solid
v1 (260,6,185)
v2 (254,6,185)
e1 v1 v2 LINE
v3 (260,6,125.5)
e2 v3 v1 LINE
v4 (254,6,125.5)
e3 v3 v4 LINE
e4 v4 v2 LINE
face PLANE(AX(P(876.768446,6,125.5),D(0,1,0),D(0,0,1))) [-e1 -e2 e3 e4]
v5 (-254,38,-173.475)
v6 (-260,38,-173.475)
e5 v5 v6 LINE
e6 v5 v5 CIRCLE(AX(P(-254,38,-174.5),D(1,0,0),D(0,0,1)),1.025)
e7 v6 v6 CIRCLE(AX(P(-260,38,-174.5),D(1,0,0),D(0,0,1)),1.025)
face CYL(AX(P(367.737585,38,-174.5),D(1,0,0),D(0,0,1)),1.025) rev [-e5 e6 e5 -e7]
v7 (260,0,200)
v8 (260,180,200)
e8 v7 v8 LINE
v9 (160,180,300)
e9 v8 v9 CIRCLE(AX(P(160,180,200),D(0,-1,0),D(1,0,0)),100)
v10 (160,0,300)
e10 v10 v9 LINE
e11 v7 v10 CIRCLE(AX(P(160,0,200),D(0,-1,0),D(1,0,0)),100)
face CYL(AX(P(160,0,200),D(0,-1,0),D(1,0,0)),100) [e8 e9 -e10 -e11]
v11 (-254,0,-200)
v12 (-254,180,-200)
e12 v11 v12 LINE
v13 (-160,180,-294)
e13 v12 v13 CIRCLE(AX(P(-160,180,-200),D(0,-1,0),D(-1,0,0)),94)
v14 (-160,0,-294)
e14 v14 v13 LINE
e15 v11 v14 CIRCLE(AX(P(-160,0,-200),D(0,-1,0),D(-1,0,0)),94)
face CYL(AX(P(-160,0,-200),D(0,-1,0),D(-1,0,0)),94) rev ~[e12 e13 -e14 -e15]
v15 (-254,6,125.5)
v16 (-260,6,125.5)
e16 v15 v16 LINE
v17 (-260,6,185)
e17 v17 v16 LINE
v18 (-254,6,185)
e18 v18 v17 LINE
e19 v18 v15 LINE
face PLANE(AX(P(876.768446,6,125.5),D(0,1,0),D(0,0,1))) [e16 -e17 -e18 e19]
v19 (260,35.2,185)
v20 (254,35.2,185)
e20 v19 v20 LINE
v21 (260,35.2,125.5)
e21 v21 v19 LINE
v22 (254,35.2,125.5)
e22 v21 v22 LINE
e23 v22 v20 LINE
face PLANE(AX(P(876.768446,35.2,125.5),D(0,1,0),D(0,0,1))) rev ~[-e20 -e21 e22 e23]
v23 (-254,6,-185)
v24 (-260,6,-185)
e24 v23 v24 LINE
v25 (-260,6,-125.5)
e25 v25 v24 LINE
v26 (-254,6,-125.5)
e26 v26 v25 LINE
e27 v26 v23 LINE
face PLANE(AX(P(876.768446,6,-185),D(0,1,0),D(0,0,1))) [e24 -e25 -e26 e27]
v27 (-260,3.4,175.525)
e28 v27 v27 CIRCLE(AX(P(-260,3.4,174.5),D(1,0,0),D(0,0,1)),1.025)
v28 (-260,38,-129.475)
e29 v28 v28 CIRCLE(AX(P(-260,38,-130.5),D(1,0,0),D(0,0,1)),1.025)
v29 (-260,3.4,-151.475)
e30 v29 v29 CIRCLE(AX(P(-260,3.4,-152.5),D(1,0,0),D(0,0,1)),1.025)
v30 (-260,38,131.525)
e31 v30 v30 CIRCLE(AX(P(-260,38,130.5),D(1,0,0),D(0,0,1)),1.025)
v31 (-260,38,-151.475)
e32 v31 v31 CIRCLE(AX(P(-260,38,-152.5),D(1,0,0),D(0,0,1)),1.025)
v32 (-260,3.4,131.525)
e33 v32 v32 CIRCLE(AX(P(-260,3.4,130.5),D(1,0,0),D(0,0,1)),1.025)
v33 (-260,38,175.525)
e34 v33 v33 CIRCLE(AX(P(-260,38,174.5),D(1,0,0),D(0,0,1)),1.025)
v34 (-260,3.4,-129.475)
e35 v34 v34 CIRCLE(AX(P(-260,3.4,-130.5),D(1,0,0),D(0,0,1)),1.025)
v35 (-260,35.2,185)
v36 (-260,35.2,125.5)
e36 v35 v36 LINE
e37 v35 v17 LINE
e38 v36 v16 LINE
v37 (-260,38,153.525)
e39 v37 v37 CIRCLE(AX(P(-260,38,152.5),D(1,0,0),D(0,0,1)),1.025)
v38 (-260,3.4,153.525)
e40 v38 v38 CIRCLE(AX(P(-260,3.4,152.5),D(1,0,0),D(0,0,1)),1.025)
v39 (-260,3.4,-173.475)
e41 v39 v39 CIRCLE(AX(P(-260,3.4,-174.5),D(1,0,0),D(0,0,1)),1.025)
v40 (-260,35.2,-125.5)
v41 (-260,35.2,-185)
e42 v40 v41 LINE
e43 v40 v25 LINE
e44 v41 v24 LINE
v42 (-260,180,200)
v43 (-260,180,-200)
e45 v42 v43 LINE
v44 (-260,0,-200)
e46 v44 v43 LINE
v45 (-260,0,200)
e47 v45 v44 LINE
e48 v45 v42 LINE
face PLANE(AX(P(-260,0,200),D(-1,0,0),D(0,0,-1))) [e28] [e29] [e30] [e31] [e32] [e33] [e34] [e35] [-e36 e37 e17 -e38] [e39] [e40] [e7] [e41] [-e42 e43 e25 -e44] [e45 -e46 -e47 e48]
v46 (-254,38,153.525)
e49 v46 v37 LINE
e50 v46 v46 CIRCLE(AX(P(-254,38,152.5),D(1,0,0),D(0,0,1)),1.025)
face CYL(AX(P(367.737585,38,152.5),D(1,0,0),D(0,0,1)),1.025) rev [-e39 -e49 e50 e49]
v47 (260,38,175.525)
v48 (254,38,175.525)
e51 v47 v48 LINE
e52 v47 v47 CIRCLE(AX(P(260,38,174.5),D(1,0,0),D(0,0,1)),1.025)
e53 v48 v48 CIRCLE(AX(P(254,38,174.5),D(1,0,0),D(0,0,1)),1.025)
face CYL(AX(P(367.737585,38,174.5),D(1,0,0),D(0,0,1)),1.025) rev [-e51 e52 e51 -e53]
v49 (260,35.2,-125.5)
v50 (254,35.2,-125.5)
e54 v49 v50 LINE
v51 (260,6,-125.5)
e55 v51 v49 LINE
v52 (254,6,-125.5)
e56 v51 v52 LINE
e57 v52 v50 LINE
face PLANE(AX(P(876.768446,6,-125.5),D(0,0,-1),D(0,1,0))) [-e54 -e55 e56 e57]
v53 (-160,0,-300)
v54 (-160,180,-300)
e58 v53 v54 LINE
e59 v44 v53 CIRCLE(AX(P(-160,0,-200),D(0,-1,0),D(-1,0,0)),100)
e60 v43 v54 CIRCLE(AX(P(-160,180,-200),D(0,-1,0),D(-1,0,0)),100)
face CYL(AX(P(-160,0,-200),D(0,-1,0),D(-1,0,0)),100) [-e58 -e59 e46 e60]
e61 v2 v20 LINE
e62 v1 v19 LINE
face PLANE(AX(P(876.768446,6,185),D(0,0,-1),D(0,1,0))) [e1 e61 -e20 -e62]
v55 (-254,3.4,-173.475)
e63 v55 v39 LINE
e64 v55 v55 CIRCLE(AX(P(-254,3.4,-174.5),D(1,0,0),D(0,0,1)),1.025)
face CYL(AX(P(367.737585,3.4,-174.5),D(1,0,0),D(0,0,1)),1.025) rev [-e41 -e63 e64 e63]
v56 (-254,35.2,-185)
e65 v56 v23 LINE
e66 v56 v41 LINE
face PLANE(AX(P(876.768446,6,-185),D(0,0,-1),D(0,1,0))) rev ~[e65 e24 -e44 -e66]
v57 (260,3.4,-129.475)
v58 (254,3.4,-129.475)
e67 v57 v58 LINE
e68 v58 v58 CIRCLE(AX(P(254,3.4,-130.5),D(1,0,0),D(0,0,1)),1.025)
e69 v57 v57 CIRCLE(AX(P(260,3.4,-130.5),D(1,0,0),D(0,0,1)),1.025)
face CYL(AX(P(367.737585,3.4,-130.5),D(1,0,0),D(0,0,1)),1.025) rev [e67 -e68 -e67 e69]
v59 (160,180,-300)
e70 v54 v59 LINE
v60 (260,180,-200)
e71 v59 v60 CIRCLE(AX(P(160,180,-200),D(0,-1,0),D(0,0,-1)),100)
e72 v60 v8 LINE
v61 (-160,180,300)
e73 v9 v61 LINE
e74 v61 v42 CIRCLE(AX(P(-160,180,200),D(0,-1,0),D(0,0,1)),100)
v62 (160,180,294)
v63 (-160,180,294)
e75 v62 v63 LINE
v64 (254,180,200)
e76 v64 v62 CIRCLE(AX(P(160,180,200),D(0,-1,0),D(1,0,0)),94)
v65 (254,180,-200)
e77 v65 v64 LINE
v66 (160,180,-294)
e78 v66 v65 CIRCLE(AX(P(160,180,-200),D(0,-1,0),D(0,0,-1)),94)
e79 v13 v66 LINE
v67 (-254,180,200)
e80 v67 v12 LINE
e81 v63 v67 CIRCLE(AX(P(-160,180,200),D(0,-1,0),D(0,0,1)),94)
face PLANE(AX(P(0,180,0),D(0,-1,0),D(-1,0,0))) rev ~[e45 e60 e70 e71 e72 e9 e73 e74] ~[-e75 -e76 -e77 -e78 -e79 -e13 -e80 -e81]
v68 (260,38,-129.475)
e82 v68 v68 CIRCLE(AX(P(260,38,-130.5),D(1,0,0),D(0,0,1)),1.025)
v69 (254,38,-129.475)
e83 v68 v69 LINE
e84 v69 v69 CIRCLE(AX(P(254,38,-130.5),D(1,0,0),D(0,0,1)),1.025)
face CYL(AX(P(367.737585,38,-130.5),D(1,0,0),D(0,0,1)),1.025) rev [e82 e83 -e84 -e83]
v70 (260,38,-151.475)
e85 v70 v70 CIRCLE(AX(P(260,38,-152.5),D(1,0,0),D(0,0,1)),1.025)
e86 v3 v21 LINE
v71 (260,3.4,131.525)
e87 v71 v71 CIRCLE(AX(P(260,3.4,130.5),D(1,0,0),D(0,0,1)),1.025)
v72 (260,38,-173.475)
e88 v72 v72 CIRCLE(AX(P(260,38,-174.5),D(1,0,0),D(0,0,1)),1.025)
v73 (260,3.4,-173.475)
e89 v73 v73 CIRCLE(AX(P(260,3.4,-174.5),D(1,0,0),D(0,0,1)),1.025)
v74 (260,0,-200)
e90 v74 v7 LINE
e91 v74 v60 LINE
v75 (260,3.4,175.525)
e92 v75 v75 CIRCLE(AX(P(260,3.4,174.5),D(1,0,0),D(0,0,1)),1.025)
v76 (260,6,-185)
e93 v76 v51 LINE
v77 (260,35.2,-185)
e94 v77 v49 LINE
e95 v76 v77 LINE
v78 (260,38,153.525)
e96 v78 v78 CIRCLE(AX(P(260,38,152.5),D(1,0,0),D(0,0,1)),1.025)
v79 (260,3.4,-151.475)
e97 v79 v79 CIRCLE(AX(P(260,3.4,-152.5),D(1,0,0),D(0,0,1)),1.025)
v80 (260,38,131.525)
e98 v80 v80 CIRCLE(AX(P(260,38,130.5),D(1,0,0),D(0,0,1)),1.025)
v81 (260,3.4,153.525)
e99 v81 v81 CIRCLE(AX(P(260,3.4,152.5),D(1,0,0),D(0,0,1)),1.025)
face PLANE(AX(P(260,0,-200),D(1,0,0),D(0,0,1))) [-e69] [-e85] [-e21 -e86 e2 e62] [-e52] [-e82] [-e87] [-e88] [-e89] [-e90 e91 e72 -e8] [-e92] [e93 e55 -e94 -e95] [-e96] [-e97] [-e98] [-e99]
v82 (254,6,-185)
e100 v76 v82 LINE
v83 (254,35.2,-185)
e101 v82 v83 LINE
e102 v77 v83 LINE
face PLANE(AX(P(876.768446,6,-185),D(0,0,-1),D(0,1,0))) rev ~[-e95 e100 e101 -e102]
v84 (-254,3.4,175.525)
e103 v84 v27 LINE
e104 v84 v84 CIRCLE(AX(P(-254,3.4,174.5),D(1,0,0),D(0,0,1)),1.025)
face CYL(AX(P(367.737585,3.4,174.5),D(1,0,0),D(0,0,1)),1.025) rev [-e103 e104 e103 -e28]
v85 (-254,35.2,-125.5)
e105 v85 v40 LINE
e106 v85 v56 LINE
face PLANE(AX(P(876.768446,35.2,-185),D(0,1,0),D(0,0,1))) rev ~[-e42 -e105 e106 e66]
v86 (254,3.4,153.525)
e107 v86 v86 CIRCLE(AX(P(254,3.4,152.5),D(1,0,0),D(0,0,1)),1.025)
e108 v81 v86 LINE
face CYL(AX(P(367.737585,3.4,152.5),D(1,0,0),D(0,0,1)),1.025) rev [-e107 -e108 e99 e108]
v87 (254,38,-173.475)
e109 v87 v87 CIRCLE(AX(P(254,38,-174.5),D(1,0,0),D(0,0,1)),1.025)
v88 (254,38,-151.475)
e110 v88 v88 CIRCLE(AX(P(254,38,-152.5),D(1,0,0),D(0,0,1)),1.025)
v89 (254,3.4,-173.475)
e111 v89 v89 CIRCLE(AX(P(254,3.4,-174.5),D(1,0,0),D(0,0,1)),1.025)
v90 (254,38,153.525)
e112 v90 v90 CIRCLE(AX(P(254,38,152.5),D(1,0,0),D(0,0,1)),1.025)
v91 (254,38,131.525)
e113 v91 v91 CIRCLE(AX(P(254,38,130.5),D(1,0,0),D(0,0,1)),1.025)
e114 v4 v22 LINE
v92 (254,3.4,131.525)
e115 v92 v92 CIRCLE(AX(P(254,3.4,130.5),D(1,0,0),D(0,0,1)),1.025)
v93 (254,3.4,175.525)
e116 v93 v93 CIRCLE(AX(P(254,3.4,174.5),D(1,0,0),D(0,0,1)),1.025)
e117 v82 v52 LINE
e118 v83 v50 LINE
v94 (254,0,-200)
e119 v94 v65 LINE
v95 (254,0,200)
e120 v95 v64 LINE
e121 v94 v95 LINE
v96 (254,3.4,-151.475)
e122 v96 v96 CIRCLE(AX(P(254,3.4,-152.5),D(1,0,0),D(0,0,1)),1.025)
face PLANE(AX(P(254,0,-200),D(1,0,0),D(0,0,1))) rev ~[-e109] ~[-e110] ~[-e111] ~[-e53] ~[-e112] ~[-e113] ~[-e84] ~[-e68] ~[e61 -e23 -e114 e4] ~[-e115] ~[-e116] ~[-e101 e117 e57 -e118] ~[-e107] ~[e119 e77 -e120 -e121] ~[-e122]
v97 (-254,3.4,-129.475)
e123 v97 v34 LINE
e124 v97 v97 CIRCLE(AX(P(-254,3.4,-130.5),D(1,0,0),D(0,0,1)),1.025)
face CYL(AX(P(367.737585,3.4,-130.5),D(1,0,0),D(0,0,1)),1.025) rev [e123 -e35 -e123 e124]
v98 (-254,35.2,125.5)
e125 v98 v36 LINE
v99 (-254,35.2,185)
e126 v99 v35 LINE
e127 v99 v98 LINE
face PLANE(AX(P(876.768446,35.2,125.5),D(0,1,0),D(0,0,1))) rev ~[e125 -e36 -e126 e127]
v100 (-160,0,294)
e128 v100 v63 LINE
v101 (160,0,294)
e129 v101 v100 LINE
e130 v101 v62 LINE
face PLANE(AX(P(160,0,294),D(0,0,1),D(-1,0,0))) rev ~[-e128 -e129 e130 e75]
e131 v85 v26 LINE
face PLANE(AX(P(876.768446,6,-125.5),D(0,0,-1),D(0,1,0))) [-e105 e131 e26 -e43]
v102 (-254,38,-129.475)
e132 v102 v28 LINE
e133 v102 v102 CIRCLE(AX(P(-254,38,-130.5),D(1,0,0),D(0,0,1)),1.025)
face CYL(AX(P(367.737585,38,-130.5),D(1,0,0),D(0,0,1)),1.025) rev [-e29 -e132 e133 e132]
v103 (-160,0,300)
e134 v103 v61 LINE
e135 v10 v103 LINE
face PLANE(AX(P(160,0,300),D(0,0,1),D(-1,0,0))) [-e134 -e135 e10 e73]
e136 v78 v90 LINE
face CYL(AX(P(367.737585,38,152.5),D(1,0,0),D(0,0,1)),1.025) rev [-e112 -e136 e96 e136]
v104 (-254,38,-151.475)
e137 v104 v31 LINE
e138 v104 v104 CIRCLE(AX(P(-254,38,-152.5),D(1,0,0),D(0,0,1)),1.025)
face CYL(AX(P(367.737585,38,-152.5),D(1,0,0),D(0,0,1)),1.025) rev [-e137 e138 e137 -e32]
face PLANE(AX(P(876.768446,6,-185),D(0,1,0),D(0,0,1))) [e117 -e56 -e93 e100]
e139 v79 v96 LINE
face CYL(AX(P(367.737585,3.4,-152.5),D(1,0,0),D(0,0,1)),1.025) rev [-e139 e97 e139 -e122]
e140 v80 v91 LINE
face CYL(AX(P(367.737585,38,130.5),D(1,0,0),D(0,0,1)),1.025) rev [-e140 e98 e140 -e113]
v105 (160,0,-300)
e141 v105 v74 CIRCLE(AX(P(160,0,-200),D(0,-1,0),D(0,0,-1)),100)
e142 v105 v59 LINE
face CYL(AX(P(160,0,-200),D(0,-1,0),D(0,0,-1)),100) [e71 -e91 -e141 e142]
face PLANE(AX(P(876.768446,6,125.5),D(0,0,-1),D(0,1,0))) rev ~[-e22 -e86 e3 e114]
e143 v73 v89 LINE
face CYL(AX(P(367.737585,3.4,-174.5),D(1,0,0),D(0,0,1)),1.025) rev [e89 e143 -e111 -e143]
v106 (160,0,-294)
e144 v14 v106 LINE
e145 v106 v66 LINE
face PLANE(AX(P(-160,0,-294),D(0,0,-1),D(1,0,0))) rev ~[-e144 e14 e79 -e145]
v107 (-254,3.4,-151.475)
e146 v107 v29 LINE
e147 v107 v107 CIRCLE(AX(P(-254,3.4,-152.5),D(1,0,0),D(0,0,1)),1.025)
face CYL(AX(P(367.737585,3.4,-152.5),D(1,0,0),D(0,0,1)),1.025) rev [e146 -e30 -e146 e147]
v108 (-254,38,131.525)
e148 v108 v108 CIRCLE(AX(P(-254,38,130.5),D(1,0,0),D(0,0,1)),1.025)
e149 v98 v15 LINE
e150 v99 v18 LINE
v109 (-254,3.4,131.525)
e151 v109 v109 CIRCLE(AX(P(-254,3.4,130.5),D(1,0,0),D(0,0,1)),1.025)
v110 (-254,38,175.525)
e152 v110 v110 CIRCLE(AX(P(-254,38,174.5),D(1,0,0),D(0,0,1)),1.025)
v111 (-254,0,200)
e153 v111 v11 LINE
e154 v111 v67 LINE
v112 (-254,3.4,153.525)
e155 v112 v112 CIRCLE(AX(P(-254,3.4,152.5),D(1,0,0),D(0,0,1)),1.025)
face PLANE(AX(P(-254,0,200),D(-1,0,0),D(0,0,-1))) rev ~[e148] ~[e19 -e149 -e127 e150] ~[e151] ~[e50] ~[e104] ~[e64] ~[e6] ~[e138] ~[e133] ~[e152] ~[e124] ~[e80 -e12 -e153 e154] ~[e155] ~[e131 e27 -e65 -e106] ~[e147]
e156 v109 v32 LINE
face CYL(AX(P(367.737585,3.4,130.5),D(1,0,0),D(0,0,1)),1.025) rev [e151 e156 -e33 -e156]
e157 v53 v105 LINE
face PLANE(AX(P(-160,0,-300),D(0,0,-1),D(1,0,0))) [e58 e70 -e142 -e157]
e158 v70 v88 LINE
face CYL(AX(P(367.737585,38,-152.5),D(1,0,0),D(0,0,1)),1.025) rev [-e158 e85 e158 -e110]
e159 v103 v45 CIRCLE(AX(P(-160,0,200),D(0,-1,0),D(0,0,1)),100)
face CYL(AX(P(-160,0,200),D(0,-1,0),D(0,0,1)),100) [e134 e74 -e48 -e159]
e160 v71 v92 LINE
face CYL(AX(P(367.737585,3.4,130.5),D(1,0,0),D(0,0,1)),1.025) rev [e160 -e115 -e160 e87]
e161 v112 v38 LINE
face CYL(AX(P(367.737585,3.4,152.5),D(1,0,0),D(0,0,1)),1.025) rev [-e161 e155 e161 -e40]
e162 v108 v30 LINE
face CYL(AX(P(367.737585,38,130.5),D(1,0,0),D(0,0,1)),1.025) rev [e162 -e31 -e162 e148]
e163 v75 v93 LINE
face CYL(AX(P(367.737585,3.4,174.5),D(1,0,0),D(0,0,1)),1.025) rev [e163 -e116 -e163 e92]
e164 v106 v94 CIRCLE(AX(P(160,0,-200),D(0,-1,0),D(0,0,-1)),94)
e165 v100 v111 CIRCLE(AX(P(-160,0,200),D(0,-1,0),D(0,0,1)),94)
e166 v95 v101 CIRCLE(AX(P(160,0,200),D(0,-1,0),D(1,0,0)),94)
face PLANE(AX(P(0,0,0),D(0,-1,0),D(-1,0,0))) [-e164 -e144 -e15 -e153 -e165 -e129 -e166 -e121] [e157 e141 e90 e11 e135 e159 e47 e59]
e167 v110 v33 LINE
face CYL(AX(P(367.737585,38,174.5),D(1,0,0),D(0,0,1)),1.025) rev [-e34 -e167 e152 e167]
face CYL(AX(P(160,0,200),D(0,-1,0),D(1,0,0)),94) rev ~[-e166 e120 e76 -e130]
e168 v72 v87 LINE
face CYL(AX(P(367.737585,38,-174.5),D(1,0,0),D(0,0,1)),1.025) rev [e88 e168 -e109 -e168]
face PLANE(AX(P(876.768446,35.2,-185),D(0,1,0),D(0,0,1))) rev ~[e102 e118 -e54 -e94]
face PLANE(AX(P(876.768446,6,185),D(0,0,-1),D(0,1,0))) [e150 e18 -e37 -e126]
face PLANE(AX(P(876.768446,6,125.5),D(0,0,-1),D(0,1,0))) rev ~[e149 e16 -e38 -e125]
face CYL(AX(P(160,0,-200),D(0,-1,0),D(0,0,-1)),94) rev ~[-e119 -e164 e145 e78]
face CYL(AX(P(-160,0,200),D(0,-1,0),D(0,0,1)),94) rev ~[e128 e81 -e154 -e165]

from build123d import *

# Parameters (mm, degrees)
CHAPALATERAL_DEPTH        = 180
MOTORTRASEIRO_DEPTH       = 622.768445645
MOTORTRASEIRO_DEPTH_BACK  = 622.768445645
ESBO_O8_W                 = 59.5
ESBO_O8_H                 = 29.2
MOTORFRONTAL_DEPTH        = 622.768445645
MOTORFRONTAL_DEPTH_BACK   = 622.768445645
ESBO_O10_W                = 59.5
ESBO_O10_H                = 29.2
FUROSDYNAMIXEL_DEPTH      = 627.73758464
FUROSDYNAMIXEL_DEPTH_BACK = 627.73758464
ESBO_O15_R                = 1.025


with BuildPart() as part:
    # Chapa inferior → ChapaLateral (new body)
    with BuildSketch(Plane(origin=(0, 0, 0), x_dir=(1, 0, 0), z_dir=(0, 1, 0))):
        with BuildLine():
            Line((-160, 300), (160, 300))
            ThreePointArc((160, 300), (230.710678119, 270.710678119), (260, 200))
            Line((260, 200), (260, -200))
            ThreePointArc((260, -200), (230.710678119, -270.710678119), (160, -300))
            Line((160, -300), (-160, -300))
            ThreePointArc((-160, -300), (-230.710678119, -270.710678119), (-260, -200))
            Line((-260, -200), (-260, 200))
            ThreePointArc((-260, 200), (-230.710678119, 270.710678119), (-160, 300))
        make_face()
        with BuildLine():
            Line((-160, 294), (160, 294))
            ThreePointArc((160, 294), (226.468037432, 266.468037432), (254, 200))
            Line((254, 200), (254, -200))
            ThreePointArc((254, -200), (226.468037432, -266.468037432), (160, -294))
            Line((160, -294), (-160, -294))
            ThreePointArc((-160, -294), (-226.468037432, -266.468037432), (-254, -200))
            Line((-254, -200), (-254, 200))
            ThreePointArc((-254, 200), (-226.468037432, 266.468037432), (-160, 294))
        make_face(mode=Mode.SUBTRACT)
    extrude(amount=CHAPALATERAL_DEPTH)

    # Esboço8 → MotorTraseiro (cut, two sides: drawn at the far end of the back side and taken through both)
    with BuildSketch(Plane.ZY.offset(-254).offset(-MOTORTRASEIRO_DEPTH_BACK)):
        with Locations((-155.25, 20.6)):
            Rectangle(ESBO_O8_W, ESBO_O8_H)
    extrude(amount=MOTORTRASEIRO_DEPTH + MOTORTRASEIRO_DEPTH_BACK, mode=Mode.SUBTRACT)

    # Esboço10 → MotorFrontal (cut, two sides: drawn at the far end of the back side and taken through both)
    with BuildSketch(Plane.ZY.offset(-254).offset(-MOTORFRONTAL_DEPTH_BACK)):
        with Locations((155.25, 20.6)):
            Rectangle(ESBO_O10_W, ESBO_O10_H)
    extrude(amount=MOTORFRONTAL_DEPTH + MOTORFRONTAL_DEPTH_BACK, mode=Mode.SUBTRACT)

    # Esboço15 → FurosDynamixel (cut, two sides: drawn at the far end of the back side and taken through both)
    with BuildSketch(Plane.ZY.offset(260).offset(-FUROSDYNAMIXEL_DEPTH_BACK)):
        with Locations((174.5, 38)):
            Circle(ESBO_O15_R)
        with Locations((152.5, 38)):
            Circle(ESBO_O15_R)
        with Locations((130.5, 38)):
            Circle(ESBO_O15_R)
        with Locations((152.5, 3.4)):
            Circle(ESBO_O15_R)
        with Locations((130.5, 3.4)):
            Circle(ESBO_O15_R)
        with Locations((174.5, 3.4)):
            Circle(ESBO_O15_R)
        with Locations((-174.5, 3.4)):
            Circle(ESBO_O15_R)
        with Locations((-130.5, 3.4)):
            Circle(ESBO_O15_R)
        with Locations((-152.5, 3.4)):
            Circle(ESBO_O15_R)
        with Locations((-130.5, 38)):
            Circle(ESBO_O15_R)
        with Locations((-152.5, 38)):
            Circle(ESBO_O15_R)
        with Locations((-174.5, 38)):
            Circle(ESBO_O15_R)
    extrude(amount=FUROSDYNAMIXEL_DEPTH + FUROSDYNAMIXEL_DEPTH_BACK, mode=Mode.SUBTRACT)


solid = part.part
